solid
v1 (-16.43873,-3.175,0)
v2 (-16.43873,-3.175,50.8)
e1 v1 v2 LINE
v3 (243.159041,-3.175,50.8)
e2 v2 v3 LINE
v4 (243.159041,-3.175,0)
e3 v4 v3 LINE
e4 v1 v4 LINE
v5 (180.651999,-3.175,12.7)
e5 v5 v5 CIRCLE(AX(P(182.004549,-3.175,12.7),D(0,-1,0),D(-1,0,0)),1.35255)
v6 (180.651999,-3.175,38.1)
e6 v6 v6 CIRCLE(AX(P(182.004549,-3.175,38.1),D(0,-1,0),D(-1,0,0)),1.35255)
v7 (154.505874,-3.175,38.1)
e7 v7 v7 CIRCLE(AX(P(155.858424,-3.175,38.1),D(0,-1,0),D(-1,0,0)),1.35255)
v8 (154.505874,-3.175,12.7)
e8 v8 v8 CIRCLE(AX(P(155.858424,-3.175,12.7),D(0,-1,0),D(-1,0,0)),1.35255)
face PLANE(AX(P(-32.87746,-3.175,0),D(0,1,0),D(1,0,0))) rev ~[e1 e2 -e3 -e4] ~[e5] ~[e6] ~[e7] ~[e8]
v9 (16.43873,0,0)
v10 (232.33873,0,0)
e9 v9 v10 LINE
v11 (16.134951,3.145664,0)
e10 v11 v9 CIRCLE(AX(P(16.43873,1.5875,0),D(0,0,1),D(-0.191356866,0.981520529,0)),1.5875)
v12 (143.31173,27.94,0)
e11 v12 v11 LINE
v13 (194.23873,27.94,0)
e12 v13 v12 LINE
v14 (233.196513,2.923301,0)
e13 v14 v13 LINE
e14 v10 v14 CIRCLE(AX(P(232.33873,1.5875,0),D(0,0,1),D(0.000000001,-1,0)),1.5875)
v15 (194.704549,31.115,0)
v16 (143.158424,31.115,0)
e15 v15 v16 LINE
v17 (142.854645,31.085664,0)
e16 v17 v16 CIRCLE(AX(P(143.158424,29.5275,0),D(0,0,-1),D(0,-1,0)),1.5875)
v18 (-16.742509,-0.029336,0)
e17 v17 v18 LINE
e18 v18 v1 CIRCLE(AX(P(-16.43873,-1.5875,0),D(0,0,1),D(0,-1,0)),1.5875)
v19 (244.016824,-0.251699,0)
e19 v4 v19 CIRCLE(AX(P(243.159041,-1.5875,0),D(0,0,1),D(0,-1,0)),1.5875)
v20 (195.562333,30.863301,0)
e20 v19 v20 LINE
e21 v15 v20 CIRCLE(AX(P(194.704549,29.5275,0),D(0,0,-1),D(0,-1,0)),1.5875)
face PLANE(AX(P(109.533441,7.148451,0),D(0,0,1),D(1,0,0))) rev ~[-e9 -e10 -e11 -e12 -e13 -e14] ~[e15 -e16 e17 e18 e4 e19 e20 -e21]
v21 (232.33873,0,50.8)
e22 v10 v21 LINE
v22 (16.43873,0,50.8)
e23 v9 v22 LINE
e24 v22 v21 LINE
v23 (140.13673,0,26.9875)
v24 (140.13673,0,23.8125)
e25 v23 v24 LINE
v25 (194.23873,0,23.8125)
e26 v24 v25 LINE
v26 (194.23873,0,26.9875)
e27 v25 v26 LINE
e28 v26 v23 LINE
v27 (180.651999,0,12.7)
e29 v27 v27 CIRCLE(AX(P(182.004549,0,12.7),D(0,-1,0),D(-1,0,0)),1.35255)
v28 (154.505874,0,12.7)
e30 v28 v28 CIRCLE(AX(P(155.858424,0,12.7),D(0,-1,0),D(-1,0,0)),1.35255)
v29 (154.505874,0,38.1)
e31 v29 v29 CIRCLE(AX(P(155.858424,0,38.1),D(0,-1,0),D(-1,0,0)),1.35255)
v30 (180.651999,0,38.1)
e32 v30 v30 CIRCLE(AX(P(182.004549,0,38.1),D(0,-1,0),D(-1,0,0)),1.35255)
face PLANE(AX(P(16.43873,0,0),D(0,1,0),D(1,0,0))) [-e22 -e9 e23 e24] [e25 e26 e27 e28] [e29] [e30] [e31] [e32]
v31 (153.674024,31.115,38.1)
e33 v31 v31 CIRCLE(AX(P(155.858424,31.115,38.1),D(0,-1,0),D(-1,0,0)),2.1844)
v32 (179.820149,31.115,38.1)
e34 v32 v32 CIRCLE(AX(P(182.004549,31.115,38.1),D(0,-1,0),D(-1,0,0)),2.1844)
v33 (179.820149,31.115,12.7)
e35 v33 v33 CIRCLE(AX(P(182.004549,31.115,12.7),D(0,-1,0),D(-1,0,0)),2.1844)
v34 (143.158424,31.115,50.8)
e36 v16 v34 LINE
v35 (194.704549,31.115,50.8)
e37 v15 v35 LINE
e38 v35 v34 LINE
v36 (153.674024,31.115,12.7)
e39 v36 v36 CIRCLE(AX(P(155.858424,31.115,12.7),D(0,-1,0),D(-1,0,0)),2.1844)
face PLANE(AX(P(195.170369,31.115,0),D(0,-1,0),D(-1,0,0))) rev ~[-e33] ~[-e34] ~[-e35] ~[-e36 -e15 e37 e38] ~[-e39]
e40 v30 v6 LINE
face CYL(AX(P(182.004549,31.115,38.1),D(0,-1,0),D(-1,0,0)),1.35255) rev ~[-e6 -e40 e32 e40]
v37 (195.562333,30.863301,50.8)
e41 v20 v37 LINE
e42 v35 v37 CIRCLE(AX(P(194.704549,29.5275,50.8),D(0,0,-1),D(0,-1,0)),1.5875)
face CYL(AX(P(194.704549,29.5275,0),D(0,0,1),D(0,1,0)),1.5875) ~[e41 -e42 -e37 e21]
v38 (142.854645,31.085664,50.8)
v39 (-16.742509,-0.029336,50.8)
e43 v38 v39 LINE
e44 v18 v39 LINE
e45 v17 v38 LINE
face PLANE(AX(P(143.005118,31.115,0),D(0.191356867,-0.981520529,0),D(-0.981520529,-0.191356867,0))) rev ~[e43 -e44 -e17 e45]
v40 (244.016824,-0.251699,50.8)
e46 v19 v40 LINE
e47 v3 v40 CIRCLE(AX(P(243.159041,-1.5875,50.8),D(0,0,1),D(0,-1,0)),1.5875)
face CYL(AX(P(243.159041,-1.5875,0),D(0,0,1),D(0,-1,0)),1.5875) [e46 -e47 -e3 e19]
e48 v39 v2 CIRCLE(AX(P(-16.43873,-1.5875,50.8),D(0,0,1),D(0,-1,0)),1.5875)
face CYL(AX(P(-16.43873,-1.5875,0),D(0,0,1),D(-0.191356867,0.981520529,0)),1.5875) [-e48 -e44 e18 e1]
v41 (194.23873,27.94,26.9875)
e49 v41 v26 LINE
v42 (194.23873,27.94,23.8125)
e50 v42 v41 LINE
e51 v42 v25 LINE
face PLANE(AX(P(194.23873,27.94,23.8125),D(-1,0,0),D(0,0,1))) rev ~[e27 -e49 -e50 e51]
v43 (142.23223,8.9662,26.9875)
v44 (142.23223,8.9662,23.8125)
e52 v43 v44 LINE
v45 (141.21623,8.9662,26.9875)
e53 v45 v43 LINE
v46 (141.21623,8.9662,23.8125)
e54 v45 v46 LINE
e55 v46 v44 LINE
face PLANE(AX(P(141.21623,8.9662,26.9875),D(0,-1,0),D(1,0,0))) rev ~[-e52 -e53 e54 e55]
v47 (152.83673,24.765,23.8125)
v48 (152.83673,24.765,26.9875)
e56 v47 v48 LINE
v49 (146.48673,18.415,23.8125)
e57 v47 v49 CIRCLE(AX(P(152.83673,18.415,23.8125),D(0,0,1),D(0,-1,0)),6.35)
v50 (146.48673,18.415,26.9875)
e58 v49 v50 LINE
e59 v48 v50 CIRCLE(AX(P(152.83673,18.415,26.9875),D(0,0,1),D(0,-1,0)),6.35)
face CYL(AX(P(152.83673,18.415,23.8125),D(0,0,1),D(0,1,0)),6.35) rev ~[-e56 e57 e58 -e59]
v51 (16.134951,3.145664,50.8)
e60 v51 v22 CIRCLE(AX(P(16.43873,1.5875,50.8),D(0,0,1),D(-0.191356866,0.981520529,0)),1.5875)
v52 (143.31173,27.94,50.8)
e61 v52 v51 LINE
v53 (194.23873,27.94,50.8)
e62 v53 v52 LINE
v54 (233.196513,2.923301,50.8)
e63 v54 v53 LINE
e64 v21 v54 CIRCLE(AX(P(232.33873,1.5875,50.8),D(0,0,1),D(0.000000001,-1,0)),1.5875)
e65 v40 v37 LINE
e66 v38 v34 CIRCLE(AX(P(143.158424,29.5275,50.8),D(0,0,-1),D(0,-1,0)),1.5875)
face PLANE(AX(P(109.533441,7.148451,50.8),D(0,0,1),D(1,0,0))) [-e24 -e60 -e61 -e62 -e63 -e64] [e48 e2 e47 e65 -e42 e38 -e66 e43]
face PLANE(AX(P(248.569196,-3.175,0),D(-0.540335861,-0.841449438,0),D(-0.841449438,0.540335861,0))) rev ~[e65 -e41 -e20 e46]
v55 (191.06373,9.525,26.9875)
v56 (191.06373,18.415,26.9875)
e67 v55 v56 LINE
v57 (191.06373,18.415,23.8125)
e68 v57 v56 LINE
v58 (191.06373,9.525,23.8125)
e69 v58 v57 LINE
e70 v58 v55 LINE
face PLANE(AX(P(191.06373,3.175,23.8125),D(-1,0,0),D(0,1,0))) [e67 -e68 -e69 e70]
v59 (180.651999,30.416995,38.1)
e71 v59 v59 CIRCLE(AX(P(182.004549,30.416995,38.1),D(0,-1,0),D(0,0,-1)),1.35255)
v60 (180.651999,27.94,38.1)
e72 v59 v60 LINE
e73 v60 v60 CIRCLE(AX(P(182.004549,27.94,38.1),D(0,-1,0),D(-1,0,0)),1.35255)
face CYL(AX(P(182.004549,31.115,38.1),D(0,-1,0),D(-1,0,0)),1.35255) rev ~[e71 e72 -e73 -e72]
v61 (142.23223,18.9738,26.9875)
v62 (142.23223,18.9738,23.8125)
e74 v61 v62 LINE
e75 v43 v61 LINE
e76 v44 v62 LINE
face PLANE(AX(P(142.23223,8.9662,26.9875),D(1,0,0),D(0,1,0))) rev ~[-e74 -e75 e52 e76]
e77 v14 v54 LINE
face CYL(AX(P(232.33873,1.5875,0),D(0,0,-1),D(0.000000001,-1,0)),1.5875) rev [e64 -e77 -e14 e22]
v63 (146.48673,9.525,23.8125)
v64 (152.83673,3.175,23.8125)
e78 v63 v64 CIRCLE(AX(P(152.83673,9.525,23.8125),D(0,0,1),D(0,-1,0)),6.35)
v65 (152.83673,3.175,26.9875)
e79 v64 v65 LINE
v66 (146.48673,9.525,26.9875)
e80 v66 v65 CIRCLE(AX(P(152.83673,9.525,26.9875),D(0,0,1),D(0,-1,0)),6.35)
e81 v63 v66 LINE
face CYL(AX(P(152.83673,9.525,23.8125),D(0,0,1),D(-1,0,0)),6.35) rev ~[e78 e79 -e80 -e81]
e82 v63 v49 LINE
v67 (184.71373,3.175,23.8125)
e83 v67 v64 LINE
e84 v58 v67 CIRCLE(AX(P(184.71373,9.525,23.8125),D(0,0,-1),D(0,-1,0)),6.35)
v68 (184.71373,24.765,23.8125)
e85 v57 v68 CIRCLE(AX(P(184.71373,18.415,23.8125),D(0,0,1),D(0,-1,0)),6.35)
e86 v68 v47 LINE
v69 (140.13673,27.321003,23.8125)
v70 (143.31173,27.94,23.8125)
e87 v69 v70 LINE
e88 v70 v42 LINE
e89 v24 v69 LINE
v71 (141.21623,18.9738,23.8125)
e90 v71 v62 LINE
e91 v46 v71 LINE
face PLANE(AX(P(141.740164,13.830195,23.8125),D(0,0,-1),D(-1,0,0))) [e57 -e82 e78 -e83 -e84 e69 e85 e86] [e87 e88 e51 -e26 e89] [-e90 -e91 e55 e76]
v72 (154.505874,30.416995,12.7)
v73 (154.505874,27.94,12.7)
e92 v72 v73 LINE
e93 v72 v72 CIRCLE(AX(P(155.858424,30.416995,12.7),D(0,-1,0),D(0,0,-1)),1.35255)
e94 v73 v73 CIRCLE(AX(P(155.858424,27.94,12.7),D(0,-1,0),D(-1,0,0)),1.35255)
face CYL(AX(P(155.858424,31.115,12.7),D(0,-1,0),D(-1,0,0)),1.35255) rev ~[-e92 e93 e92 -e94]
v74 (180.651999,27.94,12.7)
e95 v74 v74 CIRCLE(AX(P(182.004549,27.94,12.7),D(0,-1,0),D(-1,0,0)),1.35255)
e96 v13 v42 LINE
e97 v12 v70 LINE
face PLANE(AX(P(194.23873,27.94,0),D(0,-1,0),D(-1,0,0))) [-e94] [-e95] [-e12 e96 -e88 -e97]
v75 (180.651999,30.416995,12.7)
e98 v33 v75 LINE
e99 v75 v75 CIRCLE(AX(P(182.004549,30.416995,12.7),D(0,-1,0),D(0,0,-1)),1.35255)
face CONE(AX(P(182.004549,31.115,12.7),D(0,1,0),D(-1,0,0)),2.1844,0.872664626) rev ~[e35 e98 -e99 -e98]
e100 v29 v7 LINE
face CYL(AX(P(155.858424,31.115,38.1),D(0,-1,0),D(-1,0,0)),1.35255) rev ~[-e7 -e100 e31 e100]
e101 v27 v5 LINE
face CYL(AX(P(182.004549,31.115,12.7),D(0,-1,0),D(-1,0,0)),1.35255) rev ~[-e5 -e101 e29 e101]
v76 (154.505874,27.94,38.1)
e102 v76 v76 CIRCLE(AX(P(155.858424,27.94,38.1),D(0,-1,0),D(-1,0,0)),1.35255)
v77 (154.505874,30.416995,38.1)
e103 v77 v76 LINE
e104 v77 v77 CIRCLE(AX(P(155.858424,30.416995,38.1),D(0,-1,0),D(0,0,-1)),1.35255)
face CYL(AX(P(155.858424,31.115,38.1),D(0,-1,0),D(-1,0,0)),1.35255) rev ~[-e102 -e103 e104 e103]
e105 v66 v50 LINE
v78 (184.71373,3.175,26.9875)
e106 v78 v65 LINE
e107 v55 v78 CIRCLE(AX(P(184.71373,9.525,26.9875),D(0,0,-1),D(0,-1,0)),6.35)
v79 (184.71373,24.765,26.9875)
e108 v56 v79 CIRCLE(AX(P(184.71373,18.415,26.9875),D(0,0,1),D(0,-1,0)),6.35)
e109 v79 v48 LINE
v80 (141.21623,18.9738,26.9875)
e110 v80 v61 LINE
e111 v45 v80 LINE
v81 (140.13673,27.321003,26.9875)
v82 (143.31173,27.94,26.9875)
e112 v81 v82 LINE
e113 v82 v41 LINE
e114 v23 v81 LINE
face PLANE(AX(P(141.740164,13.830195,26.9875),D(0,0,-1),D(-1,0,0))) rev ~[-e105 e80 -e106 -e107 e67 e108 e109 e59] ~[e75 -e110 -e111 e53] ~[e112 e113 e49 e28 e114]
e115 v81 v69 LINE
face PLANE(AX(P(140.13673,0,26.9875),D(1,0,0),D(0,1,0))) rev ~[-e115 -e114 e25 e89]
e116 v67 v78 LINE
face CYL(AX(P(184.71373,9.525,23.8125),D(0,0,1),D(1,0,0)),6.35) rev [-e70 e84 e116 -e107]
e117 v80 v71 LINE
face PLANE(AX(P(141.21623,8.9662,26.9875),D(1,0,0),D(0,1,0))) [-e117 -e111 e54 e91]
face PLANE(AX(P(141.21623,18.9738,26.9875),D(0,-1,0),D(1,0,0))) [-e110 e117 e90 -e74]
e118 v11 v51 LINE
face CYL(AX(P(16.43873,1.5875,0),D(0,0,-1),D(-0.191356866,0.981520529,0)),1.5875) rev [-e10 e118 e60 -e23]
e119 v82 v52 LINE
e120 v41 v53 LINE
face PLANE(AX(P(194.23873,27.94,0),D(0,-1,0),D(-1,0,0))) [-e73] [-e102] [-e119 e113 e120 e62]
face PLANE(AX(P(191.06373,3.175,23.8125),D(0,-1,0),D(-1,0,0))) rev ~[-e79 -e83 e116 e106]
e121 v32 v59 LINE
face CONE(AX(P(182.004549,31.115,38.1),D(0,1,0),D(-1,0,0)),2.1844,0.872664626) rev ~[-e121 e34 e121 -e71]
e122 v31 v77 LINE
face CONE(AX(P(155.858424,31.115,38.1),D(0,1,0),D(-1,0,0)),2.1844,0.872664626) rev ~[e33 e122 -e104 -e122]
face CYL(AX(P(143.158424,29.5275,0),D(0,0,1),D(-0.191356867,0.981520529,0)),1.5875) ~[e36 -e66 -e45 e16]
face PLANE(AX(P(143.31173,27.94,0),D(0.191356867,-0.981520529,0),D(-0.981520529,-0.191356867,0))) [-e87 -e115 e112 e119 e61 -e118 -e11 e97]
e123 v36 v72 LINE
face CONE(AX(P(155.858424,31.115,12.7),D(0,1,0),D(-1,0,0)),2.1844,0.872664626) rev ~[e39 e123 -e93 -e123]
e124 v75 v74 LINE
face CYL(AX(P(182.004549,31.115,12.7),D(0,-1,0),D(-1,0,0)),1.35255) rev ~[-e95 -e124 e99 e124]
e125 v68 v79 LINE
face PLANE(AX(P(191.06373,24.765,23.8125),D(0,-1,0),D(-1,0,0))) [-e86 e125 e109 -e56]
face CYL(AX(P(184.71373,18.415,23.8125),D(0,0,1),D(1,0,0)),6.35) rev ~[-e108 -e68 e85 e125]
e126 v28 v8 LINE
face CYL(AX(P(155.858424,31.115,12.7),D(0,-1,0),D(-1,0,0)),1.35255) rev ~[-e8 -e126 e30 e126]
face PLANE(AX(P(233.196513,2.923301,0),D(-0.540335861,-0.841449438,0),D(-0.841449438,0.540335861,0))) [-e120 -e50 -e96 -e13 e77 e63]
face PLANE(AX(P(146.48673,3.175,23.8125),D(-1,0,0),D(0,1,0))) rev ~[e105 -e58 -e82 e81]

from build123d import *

# Parameters (mm, degrees)
BOSS_EXTRUDE1_DEPTH                               = 50.8
FILLET1_R                                         = 1.5875
SKETCH3_W                                         = 50.927
SKETCH3_H                                         = 3.175
BOSS_EXTRUDE2_DEPTH                               = 27.94
SKETCH4_W                                         = 44.577
SKETCH4_H                                         = 21.59
CUT_EXTRUDE1_DEPTH                                = 3.175
FILLET2_R                                         = 6.35
SKETCH6_W                                         = 1.016
SKETCH6_H                                         = 10.0076
BOSS_EXTRUDE3_DEPTH                               = 3.175
CSK_FOR_2_FLAT_HEAD_MACHINE_SCREW_100_D           = 2.7051
CSK_FOR_2_FLAT_HEAD_MACHINE_SCREW_100_CSINK_D     = 4.3688
CSK_FOR_2_FLAT_HEAD_MACHINE_SCREW_100_CSINK_ANGLE = 100


with BuildPart() as part:
    # Sketch1 → Boss-Extrude1 (new body)
    with BuildSketch(Plane.XY):
        Polygon((143.005117829, 31.115), (-32.877459737, -3.175), (248.569196095, -3.175), (195.170369003, 31.115), align=None)
        with BuildLine():
            Line((16.438729869, 0), (232.338729869, 0))
            ThreePointArc((232.338729869, 0), (233.862005994, 1.140525622), (233.196513049, 2.923300983))
            Line((233.196513049, 2.923300983), (194.238729869, 27.94))
            Line((194.238729869, 27.94), (143.311729869, 27.94))
            Line((143.311729869, 27.94), (16.134950843, 3.14566384))
            ThreePointArc((16.134950843, 3.14566384), (14.858580928, 1.434903877), (16.438729869, 0))
        make_face(mode=Mode.SUBTRACT)
    extrude(amount=BOSS_EXTRUDE1_DEPTH)

    # Fillet1
    fillet1_edges = [part.edges().sort_by_distance(p)[0] for p in [
        (195.170369003, 31.115, 25.4),
        (248.569196095, -3.175, 25.4),
        (-32.877459737, -3.175, 25.4),
        (143.005117829, 31.115, 25.4),
    ]]
    fillet(fillet1_edges, radius=FILLET1_R)

    # Sketch3 → Boss-Extrude2 (add)
    with BuildSketch(Plane.XZ.offset(-27.94)):
        with Locations((168.775229869, 25.4)):
            Rectangle(SKETCH3_W, SKETCH3_H)
    extrude(amount=BOSS_EXTRUDE2_DEPTH)

    # Sketch4 → Cut-Extrude1 (cut)
    with BuildSketch(Plane(origin=(0, 0, 23.8125), x_dir=(-1, 0, 0), z_dir=(0, 0, -1))):
        with Locations((-168.775229869, 13.97)):
            Rectangle(SKETCH4_W, SKETCH4_H)
    extrude(amount=-CUT_EXTRUDE1_DEPTH, mode=Mode.SUBTRACT)

    # Fillet2
    fillet2_edges = [part.edges().sort_by_distance(p)[0] for p in [
        (191.063729869, 24.765, 25.4),
        (146.486729869, 24.765, 25.4),
        (146.486729869, 3.175, 25.4),
        (191.063729869, 3.175, 25.4),
    ]]
    fillet(fillet2_edges, radius=FILLET2_R)

    # Sketch6 → Boss-Extrude3 (add)
    with BuildSketch(Plane.XY.offset(26.9875)):
        Polygon((143.311729869, 0), (140.136729869, 0), (140.136729869, 27.321003215), (143.311729869, 27.94), align=None)
        with Locations((141.724229869, 13.97)):
            Rectangle(SKETCH6_W, SKETCH6_H, mode=Mode.SUBTRACT)
    extrude(amount=-BOSS_EXTRUDE3_DEPTH)

    # CSK for #2 Flat Head Machine Screw (100)1 (through all)
    with Locations(Plane(origin=(0, 31.115, 0), x_dir=(1, 0, 0), z_dir=(0, 1, 0))):
        with Locations((155.858423849, -12.7), (182.004549436, -12.7), (182.004549436, -38.1), (155.858423849, -38.1)):
            CounterSinkHole(CSK_FOR_2_FLAT_HEAD_MACHINE_SCREW_100_D / 2, CSK_FOR_2_FLAT_HEAD_MACHINE_SCREW_100_CSINK_D / 2, counter_sink_angle=CSK_FOR_2_FLAT_HEAD_MACHINE_SCREW_100_CSINK_ANGLE)


solid = part.part
